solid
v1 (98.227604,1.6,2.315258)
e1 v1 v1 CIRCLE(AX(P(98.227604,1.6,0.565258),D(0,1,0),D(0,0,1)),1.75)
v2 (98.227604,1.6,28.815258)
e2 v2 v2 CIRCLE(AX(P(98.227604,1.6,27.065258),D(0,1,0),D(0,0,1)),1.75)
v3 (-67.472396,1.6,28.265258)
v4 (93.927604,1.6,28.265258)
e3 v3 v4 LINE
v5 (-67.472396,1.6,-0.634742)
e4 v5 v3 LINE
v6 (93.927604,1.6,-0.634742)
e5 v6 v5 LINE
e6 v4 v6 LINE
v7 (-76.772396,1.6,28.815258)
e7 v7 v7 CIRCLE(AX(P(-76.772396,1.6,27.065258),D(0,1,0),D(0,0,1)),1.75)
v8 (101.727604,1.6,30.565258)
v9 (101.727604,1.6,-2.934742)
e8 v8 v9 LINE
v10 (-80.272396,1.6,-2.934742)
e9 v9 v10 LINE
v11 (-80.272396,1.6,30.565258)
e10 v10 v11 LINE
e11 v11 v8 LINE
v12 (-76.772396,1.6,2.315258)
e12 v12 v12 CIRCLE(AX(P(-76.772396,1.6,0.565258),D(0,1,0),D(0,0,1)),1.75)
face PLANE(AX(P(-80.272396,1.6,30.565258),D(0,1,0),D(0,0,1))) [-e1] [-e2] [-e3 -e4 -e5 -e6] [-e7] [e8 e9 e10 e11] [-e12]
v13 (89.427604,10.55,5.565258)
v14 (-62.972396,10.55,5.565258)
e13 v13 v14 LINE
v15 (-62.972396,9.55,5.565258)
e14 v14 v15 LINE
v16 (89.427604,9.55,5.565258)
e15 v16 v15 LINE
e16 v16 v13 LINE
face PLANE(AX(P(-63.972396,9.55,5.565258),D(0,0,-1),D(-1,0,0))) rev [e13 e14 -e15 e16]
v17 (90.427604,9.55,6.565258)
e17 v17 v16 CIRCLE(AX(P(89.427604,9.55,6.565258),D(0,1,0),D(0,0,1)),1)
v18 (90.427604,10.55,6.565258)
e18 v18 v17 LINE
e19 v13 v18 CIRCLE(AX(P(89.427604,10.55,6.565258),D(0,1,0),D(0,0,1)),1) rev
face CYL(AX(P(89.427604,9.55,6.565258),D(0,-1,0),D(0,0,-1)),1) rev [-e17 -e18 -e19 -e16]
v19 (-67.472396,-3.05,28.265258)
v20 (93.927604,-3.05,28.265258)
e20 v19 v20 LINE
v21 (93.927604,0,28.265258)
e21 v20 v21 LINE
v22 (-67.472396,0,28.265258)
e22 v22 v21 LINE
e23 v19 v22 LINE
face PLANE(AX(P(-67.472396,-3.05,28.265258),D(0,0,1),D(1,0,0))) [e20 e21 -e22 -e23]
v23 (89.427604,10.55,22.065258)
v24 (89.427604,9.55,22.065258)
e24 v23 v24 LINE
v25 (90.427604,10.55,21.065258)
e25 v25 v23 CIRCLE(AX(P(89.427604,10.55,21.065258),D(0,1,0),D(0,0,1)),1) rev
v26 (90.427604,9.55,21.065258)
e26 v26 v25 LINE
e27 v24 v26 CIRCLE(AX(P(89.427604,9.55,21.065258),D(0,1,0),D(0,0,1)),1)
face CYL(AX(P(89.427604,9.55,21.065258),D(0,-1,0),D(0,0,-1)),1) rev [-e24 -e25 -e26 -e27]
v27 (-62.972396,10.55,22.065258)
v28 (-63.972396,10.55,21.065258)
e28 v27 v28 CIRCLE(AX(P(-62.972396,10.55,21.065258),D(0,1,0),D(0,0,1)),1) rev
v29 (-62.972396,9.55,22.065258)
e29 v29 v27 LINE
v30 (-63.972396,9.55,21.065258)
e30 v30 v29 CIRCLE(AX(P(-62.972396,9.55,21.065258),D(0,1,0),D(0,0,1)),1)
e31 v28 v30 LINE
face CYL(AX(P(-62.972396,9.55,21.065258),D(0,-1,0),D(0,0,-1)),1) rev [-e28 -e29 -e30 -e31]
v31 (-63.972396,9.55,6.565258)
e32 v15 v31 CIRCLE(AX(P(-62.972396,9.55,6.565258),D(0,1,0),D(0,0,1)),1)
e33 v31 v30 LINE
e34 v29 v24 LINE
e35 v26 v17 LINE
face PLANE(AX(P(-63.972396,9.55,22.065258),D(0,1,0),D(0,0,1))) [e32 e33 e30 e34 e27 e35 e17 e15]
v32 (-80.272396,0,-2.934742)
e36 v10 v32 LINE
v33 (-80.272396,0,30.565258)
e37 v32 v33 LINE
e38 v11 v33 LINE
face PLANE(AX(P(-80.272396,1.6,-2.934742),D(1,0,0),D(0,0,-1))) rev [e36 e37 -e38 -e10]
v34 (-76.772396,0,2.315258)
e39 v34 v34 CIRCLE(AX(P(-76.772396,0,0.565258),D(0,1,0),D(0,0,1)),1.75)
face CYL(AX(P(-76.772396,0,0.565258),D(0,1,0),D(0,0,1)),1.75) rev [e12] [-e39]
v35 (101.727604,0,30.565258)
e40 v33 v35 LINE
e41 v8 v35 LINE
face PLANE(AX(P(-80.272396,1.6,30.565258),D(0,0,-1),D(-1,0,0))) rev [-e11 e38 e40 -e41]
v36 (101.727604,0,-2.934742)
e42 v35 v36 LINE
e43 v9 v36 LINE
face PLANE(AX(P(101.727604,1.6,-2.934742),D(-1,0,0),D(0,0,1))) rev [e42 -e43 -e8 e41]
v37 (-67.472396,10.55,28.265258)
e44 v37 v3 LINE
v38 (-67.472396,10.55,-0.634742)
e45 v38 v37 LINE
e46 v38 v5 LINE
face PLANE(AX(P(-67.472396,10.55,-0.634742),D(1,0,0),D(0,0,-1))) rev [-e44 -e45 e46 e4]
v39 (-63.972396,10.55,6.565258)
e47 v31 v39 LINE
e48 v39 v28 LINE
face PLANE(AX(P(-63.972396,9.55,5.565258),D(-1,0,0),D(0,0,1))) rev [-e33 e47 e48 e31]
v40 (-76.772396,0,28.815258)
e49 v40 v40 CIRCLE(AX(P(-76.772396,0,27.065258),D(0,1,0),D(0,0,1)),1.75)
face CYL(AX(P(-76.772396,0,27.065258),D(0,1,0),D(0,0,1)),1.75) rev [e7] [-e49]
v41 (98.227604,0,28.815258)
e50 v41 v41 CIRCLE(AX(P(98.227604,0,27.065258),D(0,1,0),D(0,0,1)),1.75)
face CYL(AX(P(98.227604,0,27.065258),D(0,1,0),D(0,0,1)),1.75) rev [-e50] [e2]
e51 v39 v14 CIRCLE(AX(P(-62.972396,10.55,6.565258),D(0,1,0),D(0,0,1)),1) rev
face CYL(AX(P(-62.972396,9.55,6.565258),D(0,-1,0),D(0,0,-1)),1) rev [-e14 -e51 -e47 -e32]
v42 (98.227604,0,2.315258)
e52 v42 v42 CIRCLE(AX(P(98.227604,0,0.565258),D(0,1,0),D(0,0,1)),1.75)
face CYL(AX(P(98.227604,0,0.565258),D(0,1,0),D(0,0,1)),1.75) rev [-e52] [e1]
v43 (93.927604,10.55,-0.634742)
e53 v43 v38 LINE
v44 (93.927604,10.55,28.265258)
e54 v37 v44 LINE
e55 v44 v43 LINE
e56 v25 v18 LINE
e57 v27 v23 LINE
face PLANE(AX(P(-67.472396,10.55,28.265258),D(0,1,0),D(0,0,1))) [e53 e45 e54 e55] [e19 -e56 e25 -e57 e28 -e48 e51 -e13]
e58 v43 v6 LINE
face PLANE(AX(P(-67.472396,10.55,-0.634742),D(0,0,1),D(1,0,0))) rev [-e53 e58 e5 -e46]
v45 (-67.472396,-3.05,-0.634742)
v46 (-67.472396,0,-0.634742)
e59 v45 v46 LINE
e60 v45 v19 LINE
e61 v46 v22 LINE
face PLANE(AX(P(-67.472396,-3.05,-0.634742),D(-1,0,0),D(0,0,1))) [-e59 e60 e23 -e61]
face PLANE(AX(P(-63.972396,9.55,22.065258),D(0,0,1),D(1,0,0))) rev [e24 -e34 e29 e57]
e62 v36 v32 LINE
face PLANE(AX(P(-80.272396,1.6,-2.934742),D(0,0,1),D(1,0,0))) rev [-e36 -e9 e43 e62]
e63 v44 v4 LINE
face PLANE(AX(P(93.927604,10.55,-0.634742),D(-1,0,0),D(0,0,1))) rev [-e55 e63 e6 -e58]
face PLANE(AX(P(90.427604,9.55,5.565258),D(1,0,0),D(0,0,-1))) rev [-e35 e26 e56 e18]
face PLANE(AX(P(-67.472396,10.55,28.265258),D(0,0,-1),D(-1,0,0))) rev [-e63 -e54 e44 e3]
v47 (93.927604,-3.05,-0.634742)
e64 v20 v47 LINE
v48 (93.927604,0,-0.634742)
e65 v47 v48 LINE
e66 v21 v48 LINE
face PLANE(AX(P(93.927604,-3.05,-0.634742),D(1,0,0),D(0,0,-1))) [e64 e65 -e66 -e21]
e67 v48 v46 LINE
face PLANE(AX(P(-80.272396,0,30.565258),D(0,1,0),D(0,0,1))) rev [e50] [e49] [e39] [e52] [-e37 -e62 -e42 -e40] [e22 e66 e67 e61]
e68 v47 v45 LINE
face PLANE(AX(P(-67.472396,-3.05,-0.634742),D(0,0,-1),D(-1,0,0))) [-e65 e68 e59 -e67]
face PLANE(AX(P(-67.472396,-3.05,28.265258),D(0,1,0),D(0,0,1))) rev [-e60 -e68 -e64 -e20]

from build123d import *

# Parameters (mm, degrees)
SKETCH1_W            = 182
SKETCH1_H            = 33.5
BOSS_EXTRUDE1_DEPTH  = 1.6
SKETCH2_R            = 1.75
CUT_EXTRUDE1_DEPTH   = 1.6
LPATTERN1_COUNT      = 2
LPATTERN1_PITCH      = 175
LPATTERN1_COUNT_DIR2 = 2
LPATTERN1_PITCH_DIR2 = 26.5
SKETCH3_W            = 161.4
SKETCH3_H            = 28.9
BOSS_EXTRUDE2_DEPTH  = 8.95
SKETCH3_2_W          = 161.4
SKETCH3_2_H          = 28.9
BOSS_EXTRUDE3_DEPTH  = 4.65
SKETCH4_W            = 154.4
SKETCH4_H            = 16.5
CUT_EXTRUDE2_DEPTH   = 1
FILLET1_R            = 1
FILLET2_R            = 1
FILLET3_R            = 1
FILLET4_R            = 1


with BuildPart() as part:
    # Sketch1 → Boss-Extrude1 (new body)
    with BuildSketch(Plane(origin=(0, 0, 0), x_dir=(1, 0, 0), z_dir=(0, 1, 0))):
        with Locations((10.727604206, -13.815258398)):
            Rectangle(SKETCH1_W, SKETCH1_H)
    extrude(amount=BOSS_EXTRUDE1_DEPTH)

    # Sketch2 → Cut-Extrude1 (cut)
    with BuildSketch(Plane(origin=(0, 1.6, 0), x_dir=(1, 0, 0), z_dir=(0, 1, 0))):
        with Locations((-76.772395794, -0.565258398)):
            Circle(SKETCH2_R)
    cut_extrude1 = extrude(amount=-CUT_EXTRUDE1_DEPTH, mode=Mode.SUBTRACT)

    # LPattern1: Cut-Extrude1 2 × 2
    with Locations(*[(i * LPATTERN1_PITCH, 0, j * LPATTERN1_PITCH_DIR2) for i in range(LPATTERN1_COUNT) for j in range(LPATTERN1_COUNT_DIR2) if (i, j) != (0, 0)]):
        add(cut_extrude1, mode=Mode.SUBTRACT)

    # Sketch3 → Boss-Extrude2 (add)
    with BuildSketch(Plane(origin=(0, 1.6, 0), x_dir=(1, 0, 0), z_dir=(0, 1, 0))):
        with Locations((13.227604206, -13.815258398)):
            Rectangle(SKETCH3_W, SKETCH3_H)
    extrude(amount=BOSS_EXTRUDE2_DEPTH)

    # Sketch3<2> → Boss-Extrude3 (add)
    with BuildSketch(Plane(origin=(0, 1.6, 0), x_dir=(1, 0, 0), z_dir=(0, 1, 0))):
        with Locations((13.227604206, -13.815258398)):
            Rectangle(SKETCH3_2_W, SKETCH3_2_H)
    extrude(amount=-BOSS_EXTRUDE3_DEPTH)

    # Sketch4 → Cut-Extrude2 (cut)
    with BuildSketch(Plane(origin=(0, 10.55, 0), x_dir=(1, 0, 0), z_dir=(0, 1, 0))):
        with Locations((13.227604206, -13.815258398)):
            Rectangle(SKETCH4_W, SKETCH4_H)
    extrude(amount=-CUT_EXTRUDE2_DEPTH, mode=Mode.SUBTRACT)

    # Fillet1
    fillet1_edges = [part.edges().sort_by_distance(p)[0] for p in [
        (-63.972395794, 10.05, 5.565258398),
    ]]
    fillet(fillet1_edges, radius=FILLET1_R)

    # Fillet2
    fillet2_edges = [part.edges().sort_by_distance(p)[0] for p in [
        (-63.972395794, 10.05, 22.065258398),
    ]]
    fillet(fillet2_edges, radius=FILLET2_R)

    # Fillet3
    fillet3_edges = [part.edges().sort_by_distance(p)[0] for p in [
        (90.427604206, 10.05, 5.565258398),
    ]]
    fillet(fillet3_edges, radius=FILLET3_R)

    # Fillet4
    fillet4_edges = [part.edges().sort_by_distance(p)[0] for p in [
        (90.427604206, 10.05, 22.065258398),
    ]]
    fillet(fillet4_edges, radius=FILLET4_R)


solid = part.part
